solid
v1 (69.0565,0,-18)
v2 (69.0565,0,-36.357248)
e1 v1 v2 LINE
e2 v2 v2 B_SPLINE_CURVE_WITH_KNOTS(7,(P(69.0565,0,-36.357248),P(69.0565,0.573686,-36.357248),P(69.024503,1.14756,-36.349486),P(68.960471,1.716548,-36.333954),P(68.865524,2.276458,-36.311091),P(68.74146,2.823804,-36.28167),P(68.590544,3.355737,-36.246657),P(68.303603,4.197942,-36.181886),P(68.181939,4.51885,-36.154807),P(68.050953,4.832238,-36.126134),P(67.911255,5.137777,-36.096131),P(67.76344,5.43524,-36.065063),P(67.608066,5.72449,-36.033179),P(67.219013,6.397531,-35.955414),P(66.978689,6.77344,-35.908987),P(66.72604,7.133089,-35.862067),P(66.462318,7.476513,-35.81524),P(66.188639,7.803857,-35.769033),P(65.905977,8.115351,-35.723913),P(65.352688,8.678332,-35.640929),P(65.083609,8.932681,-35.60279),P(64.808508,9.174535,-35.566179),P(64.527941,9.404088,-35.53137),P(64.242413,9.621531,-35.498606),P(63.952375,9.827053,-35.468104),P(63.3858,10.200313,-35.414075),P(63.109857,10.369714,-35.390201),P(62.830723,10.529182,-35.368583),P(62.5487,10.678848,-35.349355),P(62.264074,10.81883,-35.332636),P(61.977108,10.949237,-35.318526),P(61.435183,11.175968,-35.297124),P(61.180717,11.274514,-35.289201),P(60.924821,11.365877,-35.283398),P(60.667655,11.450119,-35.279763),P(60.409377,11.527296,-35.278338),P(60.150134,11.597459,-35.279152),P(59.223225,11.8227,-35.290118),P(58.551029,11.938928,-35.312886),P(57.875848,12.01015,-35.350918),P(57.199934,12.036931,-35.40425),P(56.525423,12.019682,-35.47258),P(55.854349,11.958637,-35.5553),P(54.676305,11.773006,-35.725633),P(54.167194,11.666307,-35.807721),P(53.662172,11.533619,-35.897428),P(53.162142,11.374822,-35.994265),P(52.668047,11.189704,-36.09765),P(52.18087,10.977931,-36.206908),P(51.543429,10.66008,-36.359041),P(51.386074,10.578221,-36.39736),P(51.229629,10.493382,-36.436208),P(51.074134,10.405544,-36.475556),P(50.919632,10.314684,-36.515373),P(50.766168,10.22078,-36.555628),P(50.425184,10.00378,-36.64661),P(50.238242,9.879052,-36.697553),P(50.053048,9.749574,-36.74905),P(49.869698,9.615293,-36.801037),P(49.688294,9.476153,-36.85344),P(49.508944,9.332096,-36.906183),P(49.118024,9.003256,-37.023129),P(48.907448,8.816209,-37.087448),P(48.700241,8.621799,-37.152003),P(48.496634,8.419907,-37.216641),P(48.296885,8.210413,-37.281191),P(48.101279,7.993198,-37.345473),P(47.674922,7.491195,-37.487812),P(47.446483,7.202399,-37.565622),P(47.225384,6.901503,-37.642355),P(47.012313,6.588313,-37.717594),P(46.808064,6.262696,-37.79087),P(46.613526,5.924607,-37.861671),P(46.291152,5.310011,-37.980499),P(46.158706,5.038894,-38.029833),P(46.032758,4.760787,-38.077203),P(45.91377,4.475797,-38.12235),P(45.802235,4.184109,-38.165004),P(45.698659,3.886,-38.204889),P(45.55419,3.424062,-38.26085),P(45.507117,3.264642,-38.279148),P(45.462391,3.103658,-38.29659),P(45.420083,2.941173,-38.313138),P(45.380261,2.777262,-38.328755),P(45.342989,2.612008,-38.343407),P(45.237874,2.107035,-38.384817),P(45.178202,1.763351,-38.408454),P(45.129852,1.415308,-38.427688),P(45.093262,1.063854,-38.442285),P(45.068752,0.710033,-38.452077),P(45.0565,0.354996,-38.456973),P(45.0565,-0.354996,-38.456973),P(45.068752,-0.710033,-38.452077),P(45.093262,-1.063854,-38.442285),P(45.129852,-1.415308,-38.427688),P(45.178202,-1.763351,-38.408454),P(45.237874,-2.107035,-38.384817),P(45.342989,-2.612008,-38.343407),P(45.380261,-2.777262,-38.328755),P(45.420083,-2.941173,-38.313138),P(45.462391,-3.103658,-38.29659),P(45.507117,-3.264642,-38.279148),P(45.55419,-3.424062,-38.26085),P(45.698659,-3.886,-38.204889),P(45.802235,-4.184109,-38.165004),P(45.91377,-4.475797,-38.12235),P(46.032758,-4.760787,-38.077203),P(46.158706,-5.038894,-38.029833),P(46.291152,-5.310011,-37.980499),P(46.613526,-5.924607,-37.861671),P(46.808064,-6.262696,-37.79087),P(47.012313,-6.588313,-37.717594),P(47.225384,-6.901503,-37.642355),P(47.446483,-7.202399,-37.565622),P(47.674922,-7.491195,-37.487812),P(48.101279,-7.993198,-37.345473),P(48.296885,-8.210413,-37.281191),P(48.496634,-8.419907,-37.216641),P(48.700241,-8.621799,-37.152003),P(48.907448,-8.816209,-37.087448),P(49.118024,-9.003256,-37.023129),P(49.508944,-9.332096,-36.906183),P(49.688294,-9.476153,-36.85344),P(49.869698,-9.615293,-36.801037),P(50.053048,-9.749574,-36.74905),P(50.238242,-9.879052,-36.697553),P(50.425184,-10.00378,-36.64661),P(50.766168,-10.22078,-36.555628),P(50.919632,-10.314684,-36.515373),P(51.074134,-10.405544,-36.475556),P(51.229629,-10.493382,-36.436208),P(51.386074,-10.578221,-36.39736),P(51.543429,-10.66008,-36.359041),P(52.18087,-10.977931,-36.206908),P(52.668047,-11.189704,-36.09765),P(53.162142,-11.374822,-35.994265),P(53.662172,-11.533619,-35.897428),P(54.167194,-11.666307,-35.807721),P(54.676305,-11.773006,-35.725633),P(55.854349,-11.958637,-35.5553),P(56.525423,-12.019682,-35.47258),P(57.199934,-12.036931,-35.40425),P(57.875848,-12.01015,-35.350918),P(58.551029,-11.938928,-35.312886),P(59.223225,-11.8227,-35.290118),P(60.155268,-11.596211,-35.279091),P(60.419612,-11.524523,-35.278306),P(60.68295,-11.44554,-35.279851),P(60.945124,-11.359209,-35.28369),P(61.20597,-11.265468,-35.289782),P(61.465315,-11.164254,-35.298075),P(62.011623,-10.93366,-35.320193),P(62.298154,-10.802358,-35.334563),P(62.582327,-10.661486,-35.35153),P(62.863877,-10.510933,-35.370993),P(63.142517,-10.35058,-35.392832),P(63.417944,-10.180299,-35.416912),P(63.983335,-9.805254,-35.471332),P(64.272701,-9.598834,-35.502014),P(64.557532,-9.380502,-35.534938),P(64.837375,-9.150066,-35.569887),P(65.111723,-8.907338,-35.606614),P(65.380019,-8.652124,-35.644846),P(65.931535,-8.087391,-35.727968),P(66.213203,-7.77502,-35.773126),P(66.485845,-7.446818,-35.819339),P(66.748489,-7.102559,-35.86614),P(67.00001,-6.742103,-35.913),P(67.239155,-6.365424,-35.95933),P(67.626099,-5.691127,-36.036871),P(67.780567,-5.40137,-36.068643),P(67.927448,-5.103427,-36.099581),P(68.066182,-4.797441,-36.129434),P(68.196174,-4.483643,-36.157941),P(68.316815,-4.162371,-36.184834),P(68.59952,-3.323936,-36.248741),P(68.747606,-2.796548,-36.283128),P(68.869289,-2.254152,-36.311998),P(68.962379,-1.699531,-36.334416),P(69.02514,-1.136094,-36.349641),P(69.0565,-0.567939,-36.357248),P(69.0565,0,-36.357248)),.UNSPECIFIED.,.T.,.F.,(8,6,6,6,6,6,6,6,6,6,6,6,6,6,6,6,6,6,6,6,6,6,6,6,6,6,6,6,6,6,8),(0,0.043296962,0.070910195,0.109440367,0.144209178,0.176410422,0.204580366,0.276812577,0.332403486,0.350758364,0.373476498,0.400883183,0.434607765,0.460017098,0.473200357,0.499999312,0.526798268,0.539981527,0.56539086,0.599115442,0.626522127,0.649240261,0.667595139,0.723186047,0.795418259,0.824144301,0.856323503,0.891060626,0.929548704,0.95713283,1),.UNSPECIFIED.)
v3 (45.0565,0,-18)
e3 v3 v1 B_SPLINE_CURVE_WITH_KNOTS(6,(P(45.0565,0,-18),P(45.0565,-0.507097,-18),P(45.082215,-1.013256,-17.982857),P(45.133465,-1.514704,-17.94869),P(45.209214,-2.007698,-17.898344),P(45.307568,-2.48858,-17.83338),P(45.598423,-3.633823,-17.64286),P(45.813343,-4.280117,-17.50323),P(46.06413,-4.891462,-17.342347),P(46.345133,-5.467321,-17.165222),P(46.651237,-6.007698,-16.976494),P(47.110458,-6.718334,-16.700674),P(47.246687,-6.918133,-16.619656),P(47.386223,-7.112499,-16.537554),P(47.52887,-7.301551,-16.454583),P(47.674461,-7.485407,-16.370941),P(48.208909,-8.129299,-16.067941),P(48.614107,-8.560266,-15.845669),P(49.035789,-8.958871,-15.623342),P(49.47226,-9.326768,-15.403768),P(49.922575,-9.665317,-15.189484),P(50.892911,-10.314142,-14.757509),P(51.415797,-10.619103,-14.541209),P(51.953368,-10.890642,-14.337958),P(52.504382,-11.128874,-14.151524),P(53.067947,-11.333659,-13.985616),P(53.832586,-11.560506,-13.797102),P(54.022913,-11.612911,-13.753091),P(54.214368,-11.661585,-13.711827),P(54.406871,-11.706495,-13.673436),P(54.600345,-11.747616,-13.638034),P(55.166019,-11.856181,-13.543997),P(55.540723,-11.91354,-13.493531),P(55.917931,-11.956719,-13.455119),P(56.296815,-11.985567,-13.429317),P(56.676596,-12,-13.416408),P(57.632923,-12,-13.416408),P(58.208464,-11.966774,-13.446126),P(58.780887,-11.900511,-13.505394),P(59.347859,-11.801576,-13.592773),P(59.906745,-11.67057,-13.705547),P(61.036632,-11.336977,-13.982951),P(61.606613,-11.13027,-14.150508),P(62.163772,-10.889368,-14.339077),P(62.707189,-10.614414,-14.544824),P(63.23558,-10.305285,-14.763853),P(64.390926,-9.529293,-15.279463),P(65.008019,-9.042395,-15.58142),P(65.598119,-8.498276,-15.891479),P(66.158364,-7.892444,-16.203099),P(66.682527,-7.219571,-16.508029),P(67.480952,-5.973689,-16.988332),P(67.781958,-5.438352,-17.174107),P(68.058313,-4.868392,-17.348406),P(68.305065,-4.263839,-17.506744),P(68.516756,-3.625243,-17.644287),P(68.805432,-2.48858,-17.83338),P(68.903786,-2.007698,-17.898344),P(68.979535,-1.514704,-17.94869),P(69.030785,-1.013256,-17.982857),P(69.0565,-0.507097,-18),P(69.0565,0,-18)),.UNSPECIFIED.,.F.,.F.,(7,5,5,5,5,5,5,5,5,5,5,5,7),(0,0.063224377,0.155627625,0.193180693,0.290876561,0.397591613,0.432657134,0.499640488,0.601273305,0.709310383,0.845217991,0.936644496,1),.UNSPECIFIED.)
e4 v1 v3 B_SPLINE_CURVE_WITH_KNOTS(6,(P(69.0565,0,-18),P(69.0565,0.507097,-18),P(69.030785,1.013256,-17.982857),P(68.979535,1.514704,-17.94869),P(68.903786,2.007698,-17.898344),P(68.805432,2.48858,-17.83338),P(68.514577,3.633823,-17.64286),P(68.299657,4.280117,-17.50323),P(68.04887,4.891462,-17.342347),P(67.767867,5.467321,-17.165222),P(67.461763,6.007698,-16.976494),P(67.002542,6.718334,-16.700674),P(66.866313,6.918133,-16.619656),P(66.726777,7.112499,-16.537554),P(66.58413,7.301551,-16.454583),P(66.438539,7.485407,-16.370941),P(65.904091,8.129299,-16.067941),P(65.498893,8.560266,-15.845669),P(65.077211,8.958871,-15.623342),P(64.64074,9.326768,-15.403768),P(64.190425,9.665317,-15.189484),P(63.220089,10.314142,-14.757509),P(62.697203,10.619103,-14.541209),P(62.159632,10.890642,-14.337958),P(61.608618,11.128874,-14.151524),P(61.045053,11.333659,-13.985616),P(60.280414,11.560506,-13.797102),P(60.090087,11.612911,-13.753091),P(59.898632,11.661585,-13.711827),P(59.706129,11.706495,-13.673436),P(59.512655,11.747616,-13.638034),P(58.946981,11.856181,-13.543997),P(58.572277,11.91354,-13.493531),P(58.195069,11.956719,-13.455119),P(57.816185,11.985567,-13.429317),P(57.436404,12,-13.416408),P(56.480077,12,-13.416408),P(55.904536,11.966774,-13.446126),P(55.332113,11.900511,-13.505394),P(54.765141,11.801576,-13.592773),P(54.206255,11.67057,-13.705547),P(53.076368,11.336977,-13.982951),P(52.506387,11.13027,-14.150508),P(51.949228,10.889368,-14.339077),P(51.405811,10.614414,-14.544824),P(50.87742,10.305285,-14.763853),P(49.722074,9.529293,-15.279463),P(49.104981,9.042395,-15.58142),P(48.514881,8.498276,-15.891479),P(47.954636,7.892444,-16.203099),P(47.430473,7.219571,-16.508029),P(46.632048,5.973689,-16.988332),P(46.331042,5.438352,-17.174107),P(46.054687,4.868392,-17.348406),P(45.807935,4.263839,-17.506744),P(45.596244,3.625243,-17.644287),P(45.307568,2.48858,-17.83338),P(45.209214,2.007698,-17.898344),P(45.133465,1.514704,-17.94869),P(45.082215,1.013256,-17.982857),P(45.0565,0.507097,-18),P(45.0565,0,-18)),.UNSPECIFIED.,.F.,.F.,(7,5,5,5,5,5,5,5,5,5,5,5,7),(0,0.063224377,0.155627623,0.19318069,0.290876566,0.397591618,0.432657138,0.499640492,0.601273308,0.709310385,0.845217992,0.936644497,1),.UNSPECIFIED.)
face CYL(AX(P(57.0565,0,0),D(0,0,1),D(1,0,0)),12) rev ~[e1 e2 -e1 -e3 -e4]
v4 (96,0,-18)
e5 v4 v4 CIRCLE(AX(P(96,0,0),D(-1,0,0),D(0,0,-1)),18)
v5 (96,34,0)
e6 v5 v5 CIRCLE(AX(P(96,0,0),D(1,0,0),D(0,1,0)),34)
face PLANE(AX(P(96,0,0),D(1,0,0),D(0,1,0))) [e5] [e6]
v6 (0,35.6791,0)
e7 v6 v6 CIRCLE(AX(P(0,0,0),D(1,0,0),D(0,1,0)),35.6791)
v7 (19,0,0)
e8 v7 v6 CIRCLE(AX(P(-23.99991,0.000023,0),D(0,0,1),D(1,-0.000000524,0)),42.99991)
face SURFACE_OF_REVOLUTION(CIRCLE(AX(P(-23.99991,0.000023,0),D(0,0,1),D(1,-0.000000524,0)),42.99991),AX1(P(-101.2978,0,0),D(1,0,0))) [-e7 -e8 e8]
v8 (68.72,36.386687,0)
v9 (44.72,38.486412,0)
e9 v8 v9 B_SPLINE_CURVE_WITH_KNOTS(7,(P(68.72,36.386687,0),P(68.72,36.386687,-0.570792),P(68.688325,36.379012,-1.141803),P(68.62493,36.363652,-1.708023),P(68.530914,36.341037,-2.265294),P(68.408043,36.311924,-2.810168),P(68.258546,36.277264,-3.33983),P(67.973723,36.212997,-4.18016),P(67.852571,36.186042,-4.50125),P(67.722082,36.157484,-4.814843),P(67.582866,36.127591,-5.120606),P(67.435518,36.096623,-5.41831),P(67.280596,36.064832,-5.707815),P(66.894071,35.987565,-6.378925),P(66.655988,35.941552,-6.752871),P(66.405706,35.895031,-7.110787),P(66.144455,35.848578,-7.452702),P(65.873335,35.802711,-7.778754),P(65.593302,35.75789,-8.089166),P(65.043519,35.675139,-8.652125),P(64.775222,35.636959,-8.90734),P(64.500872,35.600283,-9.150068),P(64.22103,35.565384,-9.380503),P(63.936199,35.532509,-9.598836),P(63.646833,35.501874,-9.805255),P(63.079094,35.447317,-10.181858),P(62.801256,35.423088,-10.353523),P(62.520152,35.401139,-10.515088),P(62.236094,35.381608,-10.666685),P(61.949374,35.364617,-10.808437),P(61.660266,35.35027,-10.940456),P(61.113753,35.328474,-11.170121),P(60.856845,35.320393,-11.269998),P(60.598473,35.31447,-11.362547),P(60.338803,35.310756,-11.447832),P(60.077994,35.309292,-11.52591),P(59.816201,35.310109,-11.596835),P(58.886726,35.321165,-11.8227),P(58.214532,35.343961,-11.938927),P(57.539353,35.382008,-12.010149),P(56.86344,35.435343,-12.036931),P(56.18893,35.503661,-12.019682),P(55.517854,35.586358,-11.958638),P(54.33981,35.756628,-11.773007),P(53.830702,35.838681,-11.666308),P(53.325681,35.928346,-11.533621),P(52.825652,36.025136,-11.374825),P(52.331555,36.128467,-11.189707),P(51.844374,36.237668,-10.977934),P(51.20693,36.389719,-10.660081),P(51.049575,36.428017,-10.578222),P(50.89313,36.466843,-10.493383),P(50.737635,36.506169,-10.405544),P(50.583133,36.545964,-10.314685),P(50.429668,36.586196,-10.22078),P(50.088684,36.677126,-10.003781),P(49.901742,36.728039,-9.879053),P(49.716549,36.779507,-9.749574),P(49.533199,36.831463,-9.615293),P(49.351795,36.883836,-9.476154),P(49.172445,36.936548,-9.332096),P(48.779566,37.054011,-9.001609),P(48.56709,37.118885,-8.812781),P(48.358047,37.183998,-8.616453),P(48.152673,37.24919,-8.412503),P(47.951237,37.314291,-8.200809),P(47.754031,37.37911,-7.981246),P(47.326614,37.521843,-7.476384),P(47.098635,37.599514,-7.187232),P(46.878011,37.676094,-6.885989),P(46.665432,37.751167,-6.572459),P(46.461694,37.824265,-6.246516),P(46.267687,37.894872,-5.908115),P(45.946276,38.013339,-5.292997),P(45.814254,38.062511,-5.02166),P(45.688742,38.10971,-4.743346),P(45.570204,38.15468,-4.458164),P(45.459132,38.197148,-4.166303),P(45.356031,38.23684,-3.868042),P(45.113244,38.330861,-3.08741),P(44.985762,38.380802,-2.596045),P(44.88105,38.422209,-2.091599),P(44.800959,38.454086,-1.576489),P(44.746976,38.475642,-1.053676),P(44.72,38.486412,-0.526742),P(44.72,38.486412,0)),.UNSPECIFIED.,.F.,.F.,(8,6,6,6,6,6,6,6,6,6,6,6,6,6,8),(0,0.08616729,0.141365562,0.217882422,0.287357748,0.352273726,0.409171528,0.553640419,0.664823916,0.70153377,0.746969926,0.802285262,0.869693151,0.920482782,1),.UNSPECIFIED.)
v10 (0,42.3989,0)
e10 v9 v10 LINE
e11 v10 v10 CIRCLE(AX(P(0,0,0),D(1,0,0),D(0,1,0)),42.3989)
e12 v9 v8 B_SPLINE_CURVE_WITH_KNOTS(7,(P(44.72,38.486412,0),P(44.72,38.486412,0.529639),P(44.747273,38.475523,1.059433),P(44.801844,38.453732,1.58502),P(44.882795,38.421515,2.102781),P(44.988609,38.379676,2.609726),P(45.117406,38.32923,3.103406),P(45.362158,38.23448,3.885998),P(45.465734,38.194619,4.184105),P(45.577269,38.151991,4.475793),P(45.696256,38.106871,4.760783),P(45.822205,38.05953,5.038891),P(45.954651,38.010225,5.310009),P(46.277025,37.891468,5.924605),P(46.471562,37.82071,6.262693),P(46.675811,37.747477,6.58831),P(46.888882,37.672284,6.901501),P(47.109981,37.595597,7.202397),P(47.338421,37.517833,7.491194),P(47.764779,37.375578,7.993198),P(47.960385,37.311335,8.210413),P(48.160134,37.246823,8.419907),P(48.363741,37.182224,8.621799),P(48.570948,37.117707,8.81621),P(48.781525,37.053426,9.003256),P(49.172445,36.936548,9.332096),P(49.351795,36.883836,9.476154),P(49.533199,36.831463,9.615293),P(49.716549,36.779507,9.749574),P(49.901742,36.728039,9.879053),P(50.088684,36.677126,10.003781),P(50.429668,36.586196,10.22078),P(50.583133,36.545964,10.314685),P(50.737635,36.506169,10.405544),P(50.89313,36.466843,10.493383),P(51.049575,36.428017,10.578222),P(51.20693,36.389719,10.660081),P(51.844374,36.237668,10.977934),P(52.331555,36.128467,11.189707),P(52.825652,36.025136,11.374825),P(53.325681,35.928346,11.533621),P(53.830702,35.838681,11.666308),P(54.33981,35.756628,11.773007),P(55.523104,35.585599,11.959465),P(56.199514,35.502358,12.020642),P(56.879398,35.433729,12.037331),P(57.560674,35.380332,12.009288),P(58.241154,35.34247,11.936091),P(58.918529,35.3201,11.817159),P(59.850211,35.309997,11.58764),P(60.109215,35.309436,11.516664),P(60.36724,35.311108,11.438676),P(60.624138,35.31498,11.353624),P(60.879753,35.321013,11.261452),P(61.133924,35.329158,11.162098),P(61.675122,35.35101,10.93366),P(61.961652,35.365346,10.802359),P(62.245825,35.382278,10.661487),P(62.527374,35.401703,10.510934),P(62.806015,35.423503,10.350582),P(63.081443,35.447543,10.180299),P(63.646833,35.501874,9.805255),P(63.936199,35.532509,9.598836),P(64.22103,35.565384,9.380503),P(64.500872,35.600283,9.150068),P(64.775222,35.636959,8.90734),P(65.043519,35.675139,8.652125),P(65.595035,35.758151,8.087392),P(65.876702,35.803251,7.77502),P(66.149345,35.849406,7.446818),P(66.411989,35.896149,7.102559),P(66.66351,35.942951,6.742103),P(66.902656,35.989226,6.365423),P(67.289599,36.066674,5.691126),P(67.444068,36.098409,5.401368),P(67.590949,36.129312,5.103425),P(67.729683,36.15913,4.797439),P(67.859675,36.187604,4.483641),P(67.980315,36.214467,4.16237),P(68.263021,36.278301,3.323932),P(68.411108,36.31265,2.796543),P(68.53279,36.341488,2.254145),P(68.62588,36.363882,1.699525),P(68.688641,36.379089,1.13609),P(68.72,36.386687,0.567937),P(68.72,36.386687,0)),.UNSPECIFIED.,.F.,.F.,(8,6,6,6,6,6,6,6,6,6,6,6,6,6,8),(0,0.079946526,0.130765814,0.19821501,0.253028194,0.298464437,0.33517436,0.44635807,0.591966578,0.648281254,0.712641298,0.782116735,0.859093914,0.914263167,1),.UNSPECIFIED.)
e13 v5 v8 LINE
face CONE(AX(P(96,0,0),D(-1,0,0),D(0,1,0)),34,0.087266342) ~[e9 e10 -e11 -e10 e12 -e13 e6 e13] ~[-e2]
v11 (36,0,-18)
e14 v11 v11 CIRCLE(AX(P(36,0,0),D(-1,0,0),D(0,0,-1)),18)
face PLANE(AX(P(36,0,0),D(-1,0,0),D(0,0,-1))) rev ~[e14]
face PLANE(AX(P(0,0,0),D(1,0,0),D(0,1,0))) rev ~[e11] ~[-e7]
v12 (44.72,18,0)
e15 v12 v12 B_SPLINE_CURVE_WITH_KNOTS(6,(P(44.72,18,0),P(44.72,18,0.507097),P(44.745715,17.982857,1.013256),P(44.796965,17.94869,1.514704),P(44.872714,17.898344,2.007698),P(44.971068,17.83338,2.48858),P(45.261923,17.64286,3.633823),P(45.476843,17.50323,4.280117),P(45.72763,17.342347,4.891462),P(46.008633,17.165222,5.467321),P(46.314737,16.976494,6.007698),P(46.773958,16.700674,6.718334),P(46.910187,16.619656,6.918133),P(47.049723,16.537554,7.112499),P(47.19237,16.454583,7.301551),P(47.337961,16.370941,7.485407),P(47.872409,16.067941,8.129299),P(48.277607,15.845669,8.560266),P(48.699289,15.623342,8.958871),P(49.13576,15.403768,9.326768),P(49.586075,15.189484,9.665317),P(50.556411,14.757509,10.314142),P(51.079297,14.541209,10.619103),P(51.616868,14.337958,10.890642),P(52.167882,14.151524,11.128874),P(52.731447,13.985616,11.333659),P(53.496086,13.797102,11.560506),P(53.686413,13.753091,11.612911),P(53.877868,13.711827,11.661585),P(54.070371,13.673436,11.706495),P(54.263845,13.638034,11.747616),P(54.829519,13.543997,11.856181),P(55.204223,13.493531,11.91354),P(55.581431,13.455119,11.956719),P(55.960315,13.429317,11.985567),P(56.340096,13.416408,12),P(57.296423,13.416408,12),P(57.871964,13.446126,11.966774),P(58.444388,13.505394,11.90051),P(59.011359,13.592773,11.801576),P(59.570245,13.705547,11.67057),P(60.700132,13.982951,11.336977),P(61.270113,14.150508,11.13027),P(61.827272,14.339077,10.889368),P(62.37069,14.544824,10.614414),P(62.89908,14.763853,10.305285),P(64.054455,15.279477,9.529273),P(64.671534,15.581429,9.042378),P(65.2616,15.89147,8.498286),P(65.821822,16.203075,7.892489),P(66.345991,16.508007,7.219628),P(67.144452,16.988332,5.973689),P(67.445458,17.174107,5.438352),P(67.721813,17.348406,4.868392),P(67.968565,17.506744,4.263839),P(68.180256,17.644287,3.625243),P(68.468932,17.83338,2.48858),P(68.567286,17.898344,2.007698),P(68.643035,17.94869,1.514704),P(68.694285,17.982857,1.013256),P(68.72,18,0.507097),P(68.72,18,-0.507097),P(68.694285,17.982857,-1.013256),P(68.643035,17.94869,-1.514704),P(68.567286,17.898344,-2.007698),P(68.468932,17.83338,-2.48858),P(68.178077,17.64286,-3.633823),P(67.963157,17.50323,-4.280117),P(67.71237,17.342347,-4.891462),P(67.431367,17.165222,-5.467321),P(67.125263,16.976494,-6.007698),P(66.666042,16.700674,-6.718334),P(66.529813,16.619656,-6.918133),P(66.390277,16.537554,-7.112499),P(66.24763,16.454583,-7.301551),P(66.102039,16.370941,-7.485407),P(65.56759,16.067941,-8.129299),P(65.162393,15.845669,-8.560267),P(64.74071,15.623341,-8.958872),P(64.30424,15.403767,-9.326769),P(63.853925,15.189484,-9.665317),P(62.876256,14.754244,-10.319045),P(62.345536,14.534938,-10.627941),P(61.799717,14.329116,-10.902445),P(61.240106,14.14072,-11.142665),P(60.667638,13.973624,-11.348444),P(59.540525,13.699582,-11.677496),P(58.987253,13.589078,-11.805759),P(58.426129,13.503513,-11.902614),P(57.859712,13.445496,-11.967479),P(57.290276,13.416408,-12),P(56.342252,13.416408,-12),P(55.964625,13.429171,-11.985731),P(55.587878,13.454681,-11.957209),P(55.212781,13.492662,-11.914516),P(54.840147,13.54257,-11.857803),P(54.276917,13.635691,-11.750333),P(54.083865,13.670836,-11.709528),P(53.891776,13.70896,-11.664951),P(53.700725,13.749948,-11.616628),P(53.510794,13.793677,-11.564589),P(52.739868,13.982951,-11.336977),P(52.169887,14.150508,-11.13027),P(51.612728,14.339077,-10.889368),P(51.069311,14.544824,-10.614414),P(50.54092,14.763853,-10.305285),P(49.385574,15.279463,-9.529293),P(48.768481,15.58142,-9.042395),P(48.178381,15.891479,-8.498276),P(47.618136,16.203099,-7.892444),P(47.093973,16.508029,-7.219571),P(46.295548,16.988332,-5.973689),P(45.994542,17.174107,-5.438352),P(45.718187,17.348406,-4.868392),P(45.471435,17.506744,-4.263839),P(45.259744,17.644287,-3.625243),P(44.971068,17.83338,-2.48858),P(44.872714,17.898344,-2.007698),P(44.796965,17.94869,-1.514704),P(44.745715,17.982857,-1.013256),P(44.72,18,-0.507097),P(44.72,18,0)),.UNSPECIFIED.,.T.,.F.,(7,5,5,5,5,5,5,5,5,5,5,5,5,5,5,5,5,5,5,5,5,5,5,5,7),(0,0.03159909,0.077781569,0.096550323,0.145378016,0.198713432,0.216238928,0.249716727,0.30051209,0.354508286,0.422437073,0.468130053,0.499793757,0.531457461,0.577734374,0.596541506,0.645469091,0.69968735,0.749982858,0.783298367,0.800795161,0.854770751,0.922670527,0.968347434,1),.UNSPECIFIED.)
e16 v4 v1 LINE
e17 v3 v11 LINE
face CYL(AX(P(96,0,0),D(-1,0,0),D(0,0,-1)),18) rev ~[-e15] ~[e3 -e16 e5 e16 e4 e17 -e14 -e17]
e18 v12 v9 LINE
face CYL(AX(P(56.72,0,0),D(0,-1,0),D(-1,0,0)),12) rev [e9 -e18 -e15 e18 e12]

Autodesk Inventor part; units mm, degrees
ref_plane "YZ Plane" through (0, 0, 0) normal (1, 0, 0) x (0, 1, 0)
ref_plane "XZ Plane" through (0, 0, 0) normal (0, 1, 0) x (-1, 0, 0)
ref_plane "XY Plane" through (0, 0, 0) normal (0, 0, 1) x (1, 0, 0)
sketch "草图1" plane through (0, 0, 0) normal (0, 0, 1) x (1, 0, 0)
  arc A0 (19, 0) -> (0, 35.6791) centre (-24, 0) ccw
  line L0 (96, 34) -> (96, 0)
  line L1 (96, 34) -> (0, 42.3989)
  line L2 (-101.2978, 0) -> (181.6605, 0)
  line L3 (0, 42.3989) -> (0, 35.6791)
  point P0 (0, 0)
  dimension "d0" = 24
  dimension "d1" = 86
  dimension "d2" = 34
  dimension "d4" = 5
revolve "旋转1" add sketch "草图1" angle 360 about axis through (-101.2978, 0, 0) along (1, 0, 0)
sketch "草图2" plane through (96, 0, 0) normal (1, 0, 0) x (0, 0, -1)
  circle A0 centre (0, 0) radius 34 projected
  point P0 (0, 0)
hole "孔1" at (96, 0, 0) direction (-1, 0, 0) diameter 36 depth 60
sketch "草图3" plane through (0, 0, 0) normal (0, 1, 0) x (-1, 0, 0)
  circle A0 centre (-56.72, 0) radius 12
  line L0 (-96, 34) -> (-96, -34) projected
  point P0 (0, 0)
  dimension "d13" = 24
  dimension "d14" = 39.28
extrude "拉伸1" cut sketch "草图3" along normal up to surface
sketch "草图4" plane through (0, 0, 0) normal (0, 0, 1) x (1, 0, 0)
  line L0 (96, 18) -> (96, -18) projected
  line L1 (36, -18) -> (36, 18) projected
  circle A0 centre (57.0565, 0) radius 12
  point P0 (0, 0)
  point P1 (56.72, 13.4164)
  point P2 (56.72, 13.4164)
  point P3 (57.0565, 35.4317)
  dimension "d17" = 24
extrude "拉伸2" cut sketch "草图4" against normal up to surface
properties part number "旋塞" material "不锈钢"
